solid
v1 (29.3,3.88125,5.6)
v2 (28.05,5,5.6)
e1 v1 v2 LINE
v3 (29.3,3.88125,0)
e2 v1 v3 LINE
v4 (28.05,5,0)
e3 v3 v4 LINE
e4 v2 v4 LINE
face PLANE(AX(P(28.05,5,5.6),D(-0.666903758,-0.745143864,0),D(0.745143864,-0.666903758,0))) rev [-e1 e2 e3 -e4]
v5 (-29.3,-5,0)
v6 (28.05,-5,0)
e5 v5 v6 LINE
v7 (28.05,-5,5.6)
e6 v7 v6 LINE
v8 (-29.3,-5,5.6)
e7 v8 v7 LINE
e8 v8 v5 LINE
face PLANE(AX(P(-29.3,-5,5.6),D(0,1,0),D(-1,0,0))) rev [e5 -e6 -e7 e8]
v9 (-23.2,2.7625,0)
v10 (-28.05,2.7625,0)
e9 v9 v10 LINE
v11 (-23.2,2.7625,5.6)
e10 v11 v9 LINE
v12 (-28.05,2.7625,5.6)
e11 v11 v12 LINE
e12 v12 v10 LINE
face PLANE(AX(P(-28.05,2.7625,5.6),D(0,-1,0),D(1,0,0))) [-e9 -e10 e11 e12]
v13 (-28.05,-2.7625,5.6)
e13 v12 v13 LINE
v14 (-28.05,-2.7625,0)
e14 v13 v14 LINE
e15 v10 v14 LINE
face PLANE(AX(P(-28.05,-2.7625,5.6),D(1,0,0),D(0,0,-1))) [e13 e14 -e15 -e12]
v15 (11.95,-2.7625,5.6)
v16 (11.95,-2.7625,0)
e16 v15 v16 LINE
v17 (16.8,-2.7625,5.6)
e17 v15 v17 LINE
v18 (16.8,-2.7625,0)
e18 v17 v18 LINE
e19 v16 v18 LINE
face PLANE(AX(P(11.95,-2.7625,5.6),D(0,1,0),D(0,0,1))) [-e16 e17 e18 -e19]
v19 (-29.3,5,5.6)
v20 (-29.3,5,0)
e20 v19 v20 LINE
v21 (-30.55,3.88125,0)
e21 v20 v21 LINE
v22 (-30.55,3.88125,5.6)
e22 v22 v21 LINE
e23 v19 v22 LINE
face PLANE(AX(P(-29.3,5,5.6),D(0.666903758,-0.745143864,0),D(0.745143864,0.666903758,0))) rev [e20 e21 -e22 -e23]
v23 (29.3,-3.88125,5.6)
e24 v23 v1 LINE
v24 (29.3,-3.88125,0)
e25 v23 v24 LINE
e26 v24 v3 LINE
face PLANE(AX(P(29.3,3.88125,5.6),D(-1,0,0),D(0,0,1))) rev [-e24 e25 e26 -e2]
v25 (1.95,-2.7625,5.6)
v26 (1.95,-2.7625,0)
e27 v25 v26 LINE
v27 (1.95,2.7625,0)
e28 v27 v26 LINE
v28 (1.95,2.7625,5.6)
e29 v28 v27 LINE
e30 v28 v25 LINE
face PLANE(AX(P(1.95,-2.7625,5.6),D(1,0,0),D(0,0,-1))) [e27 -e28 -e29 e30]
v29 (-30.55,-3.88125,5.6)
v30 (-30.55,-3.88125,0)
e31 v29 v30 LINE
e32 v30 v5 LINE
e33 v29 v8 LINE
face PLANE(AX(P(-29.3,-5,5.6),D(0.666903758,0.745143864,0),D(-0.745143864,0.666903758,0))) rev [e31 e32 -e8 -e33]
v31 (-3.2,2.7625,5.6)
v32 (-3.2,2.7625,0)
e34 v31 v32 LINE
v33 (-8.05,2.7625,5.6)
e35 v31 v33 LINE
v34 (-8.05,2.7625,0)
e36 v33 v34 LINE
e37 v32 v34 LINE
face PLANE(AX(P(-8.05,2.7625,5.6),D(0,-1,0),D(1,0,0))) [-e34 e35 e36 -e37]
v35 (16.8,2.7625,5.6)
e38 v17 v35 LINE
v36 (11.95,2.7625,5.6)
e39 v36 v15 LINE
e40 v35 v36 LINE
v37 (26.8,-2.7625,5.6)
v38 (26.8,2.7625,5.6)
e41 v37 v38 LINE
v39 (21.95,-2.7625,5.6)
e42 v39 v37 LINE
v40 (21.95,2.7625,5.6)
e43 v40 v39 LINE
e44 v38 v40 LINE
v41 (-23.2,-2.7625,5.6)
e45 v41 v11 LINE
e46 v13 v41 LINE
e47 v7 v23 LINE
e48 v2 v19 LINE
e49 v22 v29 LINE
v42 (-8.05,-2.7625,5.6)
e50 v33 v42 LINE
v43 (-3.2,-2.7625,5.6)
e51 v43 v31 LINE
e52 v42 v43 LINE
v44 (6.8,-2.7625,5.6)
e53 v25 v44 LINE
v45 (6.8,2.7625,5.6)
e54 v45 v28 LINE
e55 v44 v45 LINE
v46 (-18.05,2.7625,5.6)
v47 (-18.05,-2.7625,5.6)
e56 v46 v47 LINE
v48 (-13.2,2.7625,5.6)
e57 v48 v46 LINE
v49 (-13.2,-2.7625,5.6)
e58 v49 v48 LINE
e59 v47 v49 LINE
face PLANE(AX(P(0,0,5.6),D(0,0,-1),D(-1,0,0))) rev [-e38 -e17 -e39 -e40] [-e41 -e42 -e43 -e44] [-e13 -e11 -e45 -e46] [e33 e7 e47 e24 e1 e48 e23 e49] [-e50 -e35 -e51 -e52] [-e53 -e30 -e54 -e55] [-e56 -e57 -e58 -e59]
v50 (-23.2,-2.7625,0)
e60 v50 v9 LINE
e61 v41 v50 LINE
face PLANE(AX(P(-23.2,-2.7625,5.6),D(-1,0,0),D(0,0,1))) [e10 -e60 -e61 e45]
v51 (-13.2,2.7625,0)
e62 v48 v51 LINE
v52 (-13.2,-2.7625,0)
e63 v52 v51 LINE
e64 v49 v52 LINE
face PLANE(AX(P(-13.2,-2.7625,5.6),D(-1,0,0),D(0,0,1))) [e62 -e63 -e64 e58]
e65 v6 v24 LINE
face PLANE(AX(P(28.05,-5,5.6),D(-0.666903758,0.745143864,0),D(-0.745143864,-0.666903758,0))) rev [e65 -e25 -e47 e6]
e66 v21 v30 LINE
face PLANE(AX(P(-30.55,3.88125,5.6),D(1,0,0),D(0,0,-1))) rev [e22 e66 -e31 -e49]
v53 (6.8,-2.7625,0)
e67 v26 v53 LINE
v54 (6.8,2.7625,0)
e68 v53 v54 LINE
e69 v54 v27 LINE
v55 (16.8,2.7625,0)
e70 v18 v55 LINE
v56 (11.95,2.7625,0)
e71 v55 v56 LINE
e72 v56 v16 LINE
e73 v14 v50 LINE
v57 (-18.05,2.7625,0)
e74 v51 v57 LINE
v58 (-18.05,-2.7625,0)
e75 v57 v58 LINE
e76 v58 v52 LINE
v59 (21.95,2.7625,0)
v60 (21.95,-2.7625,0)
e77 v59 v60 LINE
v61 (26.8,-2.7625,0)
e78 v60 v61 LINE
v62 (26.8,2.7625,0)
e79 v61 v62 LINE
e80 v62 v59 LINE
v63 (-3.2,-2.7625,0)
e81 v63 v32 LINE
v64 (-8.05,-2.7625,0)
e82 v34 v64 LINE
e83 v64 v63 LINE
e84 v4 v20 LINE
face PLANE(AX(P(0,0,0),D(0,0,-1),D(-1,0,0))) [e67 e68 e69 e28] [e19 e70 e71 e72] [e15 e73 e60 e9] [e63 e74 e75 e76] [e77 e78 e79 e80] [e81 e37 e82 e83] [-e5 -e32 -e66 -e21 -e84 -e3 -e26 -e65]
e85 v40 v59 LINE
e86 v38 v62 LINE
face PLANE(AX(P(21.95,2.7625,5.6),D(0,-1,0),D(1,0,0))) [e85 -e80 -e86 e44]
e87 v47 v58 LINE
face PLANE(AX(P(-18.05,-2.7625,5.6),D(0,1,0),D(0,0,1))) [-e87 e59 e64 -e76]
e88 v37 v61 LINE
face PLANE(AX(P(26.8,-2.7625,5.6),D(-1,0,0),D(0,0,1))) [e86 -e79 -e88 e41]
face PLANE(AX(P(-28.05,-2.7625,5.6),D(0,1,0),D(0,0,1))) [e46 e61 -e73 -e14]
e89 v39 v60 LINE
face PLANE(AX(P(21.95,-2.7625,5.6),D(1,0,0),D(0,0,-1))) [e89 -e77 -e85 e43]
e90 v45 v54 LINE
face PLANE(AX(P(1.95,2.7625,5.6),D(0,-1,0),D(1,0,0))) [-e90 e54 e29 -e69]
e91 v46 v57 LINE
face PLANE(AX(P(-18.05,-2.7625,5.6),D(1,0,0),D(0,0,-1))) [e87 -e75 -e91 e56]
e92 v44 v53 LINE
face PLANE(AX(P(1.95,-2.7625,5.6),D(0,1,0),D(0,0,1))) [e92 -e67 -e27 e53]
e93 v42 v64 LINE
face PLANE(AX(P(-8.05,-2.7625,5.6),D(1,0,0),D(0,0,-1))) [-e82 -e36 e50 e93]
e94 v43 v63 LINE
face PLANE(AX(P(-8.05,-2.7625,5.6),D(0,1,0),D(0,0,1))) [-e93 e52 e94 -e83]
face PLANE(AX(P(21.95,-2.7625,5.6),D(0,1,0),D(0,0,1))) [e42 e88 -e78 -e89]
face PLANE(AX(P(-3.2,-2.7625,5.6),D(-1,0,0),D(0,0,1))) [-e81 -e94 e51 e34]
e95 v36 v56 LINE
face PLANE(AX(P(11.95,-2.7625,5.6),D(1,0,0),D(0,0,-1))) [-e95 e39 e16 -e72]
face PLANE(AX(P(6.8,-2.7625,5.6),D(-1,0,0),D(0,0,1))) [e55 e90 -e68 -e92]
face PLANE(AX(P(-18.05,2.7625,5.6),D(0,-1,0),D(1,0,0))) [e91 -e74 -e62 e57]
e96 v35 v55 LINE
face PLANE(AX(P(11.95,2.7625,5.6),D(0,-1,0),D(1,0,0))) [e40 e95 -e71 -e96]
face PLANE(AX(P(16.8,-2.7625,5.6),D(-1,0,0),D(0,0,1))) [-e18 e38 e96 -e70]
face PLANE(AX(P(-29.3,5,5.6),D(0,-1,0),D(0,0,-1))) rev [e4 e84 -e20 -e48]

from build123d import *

# Parameters (mm, degrees)
SCHIZZO1_W                   = 4.85
SCHIZZO1_H                   = 5.525
ESTRUSIONE_ESTRUSIONE2_DEPTH = 5.6


with BuildPart() as part:
    # Schizzo1 → Estrusione-Estrusione2 (new body)
    with BuildSketch(Plane.XY):
        Polygon((-30.55, 3.88125), (-30.55, -3.88125), (-29.3, -5), (28.05, -5), (29.3, -3.88125), (29.3, 3.88125), (28.05, 5), (-29.3, 5), align=None)
        with Locations((-15.625, 0)):
            Rectangle(SCHIZZO1_W, SCHIZZO1_H, mode=Mode.SUBTRACT)
        with Locations((-25.625, 0)):
            Rectangle(SCHIZZO1_W, SCHIZZO1_H, mode=Mode.SUBTRACT)
        with Locations((-5.625, 0)):
            Rectangle(SCHIZZO1_W, SCHIZZO1_H, mode=Mode.SUBTRACT)
        with Locations((4.375, 0)):
            Rectangle(SCHIZZO1_W, SCHIZZO1_H, mode=Mode.SUBTRACT)
        with Locations((14.375, 0)):
            Rectangle(SCHIZZO1_W, SCHIZZO1_H, mode=Mode.SUBTRACT)
        with Locations((24.375, 0)):
            Rectangle(SCHIZZO1_W, SCHIZZO1_H, mode=Mode.SUBTRACT)
    extrude(amount=ESTRUSIONE_ESTRUSIONE2_DEPTH)


solid = part.part
